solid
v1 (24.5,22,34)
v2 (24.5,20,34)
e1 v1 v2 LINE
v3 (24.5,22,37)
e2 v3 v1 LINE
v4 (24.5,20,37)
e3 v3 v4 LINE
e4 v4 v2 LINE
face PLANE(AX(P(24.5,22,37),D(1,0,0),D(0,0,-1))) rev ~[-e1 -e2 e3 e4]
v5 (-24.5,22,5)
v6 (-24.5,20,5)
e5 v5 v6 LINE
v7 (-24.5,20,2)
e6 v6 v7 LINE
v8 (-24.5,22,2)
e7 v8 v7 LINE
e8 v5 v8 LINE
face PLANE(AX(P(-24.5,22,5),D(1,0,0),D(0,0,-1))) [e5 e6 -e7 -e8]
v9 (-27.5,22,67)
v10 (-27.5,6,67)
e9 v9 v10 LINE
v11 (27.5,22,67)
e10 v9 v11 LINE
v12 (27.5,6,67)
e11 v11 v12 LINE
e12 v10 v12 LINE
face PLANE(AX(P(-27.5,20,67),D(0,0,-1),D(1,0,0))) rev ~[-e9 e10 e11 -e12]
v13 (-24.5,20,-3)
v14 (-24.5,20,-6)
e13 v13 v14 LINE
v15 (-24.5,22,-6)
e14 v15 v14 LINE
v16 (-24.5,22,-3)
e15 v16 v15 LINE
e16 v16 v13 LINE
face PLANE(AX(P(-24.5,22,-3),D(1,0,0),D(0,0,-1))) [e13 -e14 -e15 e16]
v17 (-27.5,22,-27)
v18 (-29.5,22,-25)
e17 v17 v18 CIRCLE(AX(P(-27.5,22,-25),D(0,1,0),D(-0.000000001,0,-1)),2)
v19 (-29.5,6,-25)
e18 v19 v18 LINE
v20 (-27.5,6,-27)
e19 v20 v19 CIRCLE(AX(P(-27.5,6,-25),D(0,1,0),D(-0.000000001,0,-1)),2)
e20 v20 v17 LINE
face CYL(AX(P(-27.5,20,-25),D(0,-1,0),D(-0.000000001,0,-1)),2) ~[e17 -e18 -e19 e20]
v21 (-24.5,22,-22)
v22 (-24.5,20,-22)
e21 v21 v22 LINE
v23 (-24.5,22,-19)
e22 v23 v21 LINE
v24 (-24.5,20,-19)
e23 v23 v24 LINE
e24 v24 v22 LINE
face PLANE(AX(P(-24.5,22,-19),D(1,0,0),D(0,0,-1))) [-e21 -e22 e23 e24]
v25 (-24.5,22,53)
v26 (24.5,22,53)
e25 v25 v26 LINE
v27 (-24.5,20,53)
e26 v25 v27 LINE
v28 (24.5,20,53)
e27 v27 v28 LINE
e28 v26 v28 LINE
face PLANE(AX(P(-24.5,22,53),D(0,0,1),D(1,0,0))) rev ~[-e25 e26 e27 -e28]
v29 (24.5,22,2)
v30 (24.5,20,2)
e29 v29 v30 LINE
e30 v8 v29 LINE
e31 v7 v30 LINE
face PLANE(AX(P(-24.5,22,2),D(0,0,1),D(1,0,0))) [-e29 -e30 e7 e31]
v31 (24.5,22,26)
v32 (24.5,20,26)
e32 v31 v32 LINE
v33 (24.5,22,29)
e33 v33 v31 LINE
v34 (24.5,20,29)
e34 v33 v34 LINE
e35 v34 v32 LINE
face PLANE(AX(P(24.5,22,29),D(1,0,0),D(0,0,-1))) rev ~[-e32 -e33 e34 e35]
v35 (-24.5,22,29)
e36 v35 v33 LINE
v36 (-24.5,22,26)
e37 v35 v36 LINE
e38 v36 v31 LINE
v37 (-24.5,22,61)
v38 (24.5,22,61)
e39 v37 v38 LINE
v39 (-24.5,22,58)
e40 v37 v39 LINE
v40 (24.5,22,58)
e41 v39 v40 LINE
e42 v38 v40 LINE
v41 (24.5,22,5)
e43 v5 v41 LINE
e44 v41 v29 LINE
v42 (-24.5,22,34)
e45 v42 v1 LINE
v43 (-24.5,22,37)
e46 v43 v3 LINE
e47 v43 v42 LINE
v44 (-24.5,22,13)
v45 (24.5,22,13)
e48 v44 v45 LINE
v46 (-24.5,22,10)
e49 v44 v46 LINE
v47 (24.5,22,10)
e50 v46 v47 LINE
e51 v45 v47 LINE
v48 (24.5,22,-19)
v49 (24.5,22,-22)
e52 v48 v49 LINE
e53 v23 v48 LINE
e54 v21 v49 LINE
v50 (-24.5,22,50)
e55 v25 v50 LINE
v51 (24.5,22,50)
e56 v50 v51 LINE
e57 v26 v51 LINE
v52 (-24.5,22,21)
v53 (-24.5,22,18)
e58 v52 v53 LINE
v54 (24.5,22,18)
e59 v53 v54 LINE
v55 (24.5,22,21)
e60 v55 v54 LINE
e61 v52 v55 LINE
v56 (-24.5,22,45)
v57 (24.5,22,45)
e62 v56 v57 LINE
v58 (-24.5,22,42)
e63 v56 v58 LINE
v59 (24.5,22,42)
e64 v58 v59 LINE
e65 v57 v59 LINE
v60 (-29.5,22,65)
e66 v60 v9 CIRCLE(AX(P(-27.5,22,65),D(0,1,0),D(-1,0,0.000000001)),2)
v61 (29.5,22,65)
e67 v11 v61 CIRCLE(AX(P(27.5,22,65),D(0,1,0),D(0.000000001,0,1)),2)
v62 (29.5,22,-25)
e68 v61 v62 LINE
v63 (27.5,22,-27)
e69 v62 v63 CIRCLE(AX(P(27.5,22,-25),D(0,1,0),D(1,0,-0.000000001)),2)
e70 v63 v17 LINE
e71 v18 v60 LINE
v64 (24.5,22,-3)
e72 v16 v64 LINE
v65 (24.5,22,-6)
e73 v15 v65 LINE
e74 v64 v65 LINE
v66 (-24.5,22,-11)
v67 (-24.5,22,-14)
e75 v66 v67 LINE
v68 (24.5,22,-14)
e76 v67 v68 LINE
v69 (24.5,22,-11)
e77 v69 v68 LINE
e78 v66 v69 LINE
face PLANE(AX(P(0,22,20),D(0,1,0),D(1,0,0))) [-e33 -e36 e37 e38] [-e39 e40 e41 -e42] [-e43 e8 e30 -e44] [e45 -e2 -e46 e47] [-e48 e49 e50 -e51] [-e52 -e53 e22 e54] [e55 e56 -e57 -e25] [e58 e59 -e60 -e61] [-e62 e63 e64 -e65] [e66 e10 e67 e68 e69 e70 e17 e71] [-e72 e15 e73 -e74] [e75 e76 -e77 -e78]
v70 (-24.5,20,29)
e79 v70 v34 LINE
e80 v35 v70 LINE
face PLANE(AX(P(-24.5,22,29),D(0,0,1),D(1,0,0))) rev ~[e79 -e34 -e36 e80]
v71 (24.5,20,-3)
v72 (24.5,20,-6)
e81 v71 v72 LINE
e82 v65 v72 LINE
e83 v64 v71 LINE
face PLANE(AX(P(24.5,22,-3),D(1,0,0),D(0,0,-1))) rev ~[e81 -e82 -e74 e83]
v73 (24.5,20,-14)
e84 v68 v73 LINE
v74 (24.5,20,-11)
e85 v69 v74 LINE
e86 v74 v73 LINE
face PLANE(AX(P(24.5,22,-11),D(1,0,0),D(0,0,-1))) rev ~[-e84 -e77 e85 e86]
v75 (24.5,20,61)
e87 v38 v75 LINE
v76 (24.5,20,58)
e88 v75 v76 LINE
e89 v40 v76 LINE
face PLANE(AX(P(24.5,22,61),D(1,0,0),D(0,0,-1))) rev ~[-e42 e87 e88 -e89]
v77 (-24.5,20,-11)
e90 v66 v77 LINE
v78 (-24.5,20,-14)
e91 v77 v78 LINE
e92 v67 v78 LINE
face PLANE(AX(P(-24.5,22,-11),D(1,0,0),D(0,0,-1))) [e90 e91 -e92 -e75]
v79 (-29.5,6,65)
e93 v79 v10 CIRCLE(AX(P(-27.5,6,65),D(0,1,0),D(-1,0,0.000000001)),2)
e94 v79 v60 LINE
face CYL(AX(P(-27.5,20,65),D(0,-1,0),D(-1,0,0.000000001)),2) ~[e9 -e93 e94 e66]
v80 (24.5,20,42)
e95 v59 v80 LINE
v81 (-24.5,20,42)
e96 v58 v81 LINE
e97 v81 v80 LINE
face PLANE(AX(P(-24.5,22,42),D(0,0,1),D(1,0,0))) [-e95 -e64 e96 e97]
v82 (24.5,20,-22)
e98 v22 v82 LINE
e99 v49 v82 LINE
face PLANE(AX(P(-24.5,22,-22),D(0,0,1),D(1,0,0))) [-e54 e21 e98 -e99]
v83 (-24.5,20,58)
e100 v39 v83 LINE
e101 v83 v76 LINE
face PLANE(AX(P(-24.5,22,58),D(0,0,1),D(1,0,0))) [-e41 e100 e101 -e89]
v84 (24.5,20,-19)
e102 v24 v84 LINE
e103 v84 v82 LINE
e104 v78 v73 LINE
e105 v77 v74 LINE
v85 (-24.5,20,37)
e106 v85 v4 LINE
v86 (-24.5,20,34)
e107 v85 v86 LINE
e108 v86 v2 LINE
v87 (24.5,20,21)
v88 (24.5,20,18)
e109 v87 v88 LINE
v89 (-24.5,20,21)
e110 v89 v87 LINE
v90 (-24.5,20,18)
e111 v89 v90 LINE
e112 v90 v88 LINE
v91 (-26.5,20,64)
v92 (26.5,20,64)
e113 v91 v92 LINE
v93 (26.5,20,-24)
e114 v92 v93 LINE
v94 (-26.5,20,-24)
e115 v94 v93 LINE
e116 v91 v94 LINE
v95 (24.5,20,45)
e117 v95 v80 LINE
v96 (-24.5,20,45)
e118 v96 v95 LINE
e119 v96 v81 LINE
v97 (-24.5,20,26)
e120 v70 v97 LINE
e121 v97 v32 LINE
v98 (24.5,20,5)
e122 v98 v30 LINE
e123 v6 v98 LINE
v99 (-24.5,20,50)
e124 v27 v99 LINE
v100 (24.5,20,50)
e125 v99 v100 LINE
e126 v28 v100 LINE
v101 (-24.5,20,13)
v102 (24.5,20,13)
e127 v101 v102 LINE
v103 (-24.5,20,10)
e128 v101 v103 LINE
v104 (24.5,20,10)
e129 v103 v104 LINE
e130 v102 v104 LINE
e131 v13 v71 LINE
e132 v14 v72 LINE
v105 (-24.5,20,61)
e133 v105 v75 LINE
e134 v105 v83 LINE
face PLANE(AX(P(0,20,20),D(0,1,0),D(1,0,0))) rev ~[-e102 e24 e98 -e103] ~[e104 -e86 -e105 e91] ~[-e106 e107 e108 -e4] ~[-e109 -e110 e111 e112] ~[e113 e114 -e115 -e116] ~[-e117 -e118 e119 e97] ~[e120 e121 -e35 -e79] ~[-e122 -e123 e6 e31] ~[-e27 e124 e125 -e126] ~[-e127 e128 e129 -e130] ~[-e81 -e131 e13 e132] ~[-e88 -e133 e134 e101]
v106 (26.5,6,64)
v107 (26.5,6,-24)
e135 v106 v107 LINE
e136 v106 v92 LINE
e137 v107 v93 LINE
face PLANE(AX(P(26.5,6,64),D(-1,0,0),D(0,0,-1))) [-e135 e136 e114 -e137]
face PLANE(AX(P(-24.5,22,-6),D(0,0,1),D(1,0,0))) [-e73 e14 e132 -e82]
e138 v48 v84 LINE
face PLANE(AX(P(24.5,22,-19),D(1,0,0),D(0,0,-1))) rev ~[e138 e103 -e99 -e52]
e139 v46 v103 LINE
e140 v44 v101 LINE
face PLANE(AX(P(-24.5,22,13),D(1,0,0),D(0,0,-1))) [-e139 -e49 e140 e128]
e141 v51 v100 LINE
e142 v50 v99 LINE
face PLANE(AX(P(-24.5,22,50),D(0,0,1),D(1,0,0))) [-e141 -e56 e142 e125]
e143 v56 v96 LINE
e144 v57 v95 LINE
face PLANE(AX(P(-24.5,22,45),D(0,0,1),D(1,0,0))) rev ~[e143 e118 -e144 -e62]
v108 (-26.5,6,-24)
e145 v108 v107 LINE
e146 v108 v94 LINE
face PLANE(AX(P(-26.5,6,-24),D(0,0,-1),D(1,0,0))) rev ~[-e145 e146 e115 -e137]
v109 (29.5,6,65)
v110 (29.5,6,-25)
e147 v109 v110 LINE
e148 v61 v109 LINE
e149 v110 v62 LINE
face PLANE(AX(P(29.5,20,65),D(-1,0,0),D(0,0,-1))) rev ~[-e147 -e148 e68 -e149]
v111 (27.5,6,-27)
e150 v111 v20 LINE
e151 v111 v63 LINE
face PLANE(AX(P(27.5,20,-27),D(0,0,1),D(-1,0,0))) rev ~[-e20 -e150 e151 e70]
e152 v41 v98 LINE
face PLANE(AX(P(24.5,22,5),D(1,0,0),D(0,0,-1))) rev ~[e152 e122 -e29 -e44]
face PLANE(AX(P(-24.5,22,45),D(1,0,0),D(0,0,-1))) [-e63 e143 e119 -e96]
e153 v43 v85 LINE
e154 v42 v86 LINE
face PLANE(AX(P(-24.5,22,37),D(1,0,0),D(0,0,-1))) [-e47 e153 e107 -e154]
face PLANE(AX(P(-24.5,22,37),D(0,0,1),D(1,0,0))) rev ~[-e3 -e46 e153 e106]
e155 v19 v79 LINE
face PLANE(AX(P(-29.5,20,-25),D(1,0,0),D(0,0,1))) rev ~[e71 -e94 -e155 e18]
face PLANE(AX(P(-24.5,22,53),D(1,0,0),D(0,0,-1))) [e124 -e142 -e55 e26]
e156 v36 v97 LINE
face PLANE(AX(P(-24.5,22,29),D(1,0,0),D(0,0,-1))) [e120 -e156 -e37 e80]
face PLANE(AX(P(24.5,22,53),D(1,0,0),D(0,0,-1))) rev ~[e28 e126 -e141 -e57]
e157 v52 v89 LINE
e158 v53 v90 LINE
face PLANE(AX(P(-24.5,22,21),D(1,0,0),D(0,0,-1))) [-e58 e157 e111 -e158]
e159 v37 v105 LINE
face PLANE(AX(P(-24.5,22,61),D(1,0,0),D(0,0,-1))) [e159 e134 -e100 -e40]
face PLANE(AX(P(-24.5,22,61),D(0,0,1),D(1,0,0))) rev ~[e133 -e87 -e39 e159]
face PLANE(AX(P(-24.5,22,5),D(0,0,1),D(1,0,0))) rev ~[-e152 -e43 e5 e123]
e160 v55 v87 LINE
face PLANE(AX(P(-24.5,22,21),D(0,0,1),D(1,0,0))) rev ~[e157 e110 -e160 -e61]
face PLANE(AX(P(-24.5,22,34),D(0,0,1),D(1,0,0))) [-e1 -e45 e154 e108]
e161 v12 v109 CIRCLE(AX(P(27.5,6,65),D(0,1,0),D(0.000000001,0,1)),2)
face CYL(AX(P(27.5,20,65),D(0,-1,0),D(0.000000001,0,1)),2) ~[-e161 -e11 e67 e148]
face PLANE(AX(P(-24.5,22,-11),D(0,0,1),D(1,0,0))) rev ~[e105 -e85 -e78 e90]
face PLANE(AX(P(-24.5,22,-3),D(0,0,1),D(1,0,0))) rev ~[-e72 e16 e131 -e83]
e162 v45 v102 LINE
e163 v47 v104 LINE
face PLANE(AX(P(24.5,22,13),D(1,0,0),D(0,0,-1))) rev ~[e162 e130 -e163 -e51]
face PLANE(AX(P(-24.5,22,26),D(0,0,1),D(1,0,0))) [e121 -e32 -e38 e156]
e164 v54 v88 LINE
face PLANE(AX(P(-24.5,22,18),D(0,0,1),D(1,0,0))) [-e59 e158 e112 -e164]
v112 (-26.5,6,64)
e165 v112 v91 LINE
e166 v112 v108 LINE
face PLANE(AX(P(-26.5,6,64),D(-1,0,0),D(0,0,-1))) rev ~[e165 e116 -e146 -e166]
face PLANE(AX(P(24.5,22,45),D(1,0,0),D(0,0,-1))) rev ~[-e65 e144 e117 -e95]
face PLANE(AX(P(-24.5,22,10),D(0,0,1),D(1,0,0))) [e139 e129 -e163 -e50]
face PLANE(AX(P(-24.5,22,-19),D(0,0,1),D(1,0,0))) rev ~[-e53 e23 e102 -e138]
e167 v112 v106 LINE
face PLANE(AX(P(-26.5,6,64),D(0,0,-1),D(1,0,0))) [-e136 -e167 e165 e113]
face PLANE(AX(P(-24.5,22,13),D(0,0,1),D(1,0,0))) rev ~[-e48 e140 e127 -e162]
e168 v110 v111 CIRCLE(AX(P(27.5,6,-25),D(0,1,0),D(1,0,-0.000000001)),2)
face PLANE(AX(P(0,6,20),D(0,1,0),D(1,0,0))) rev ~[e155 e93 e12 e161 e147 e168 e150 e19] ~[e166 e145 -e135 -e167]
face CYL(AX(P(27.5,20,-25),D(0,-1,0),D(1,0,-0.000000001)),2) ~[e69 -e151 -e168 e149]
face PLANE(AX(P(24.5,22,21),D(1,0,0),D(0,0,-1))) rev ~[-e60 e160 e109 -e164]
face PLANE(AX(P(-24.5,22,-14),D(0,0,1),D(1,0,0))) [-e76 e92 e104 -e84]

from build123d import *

# Parameters (mm, degrees)
BOSS_EXTRUDE1_DEPTH      = 5
BOSS_EXTRUDE1_DEPTH_BACK = 9
SKETCH1_W                = 53
SKETCH1_H                = 88
BOSS_EXTRUDE3_DEPTH      = 2
SKETCH7_W                = 49
SKETCH7_H                = 3
CUT_EXTRUDE3_DEPTH       = 75.934971809
LPATTERN1_COUNT          = 11
LPATTERN1_PITCH          = 8


with BuildPart() as part:
    # Sketch1 → Boss-Extrude1 (new, two sides: drawn at the far end of the back side and taken through both)
    with BuildSketch(Plane(origin=(0, 15, 0), x_dir=(1, 0, 0), z_dir=(0, 1, 0)).offset(-BOSS_EXTRUDE1_DEPTH_BACK)):
        with BuildLine():
            Line((29.5, -65), (29.5, 25))
            ThreePointArc((29.5, 25), (28.914213562, 26.414213562), (27.5, 27))
            Line((27.5, 27), (-27.5, 27))
            ThreePointArc((-27.5, 27), (-28.914213562, 26.414213562), (-29.5, 25))
            Line((-29.5, 25), (-29.5, -65))
            ThreePointArc((-29.5, -65), (-28.914213562, -66.414213562), (-27.5, -67))
            Line((-27.5, -67), (27.5, -67))
            ThreePointArc((27.5, -67), (28.914213562, -66.414213562), (29.5, -65))
        make_face()
        with Locations((0, -20)):
            Rectangle(SKETCH1_W, SKETCH1_H, mode=Mode.SUBTRACT)
    extrude(amount=BOSS_EXTRUDE1_DEPTH + BOSS_EXTRUDE1_DEPTH_BACK)

    # Sketch2 → Boss-Extrude3 (add)
    with BuildSketch(Plane(origin=(0, 20, 0), x_dir=(1, 0, 0), z_dir=(0, 1, 0))):
        with BuildLine():
            Line((29.5, -65), (29.5, 25))
            ThreePointArc((29.5, 25), (28.914213562, 26.414213562), (27.5, 27))
            Line((27.5, 27), (-27.5, 27))
            ThreePointArc((-27.5, 27), (-28.914213562, 26.414213562), (-29.5, 25))
            Line((-29.5, 25), (-29.5, -65))
            ThreePointArc((-29.5, -65), (-28.914213562, -66.414213562), (-27.5, -67))
            Line((-27.5, -67), (27.5, -67))
            ThreePointArc((27.5, -67), (28.914213562, -66.414213562), (29.5, -65))
        make_face()
    extrude(amount=BOSS_EXTRUDE3_DEPTH)

    # Sketch7 → Cut-Extrude3 (cut, through all)
    with BuildSketch(Plane(origin=(0, 22, 0), x_dir=(1, 0, 0), z_dir=(0, 1, 0))):
        with Locations((0, 20.5)):
            Rectangle(SKETCH7_W, SKETCH7_H)
    cut_extrude3 = extrude(amount=-CUT_EXTRUDE3_DEPTH, mode=Mode.SUBTRACT)

    # LPattern1: Cut-Extrude3 ×11
    with Locations(*[(0, 0, i * LPATTERN1_PITCH) for i in range(1, LPATTERN1_COUNT)]):
        add(cut_extrude3, mode=Mode.SUBTRACT)


solid = part.part
